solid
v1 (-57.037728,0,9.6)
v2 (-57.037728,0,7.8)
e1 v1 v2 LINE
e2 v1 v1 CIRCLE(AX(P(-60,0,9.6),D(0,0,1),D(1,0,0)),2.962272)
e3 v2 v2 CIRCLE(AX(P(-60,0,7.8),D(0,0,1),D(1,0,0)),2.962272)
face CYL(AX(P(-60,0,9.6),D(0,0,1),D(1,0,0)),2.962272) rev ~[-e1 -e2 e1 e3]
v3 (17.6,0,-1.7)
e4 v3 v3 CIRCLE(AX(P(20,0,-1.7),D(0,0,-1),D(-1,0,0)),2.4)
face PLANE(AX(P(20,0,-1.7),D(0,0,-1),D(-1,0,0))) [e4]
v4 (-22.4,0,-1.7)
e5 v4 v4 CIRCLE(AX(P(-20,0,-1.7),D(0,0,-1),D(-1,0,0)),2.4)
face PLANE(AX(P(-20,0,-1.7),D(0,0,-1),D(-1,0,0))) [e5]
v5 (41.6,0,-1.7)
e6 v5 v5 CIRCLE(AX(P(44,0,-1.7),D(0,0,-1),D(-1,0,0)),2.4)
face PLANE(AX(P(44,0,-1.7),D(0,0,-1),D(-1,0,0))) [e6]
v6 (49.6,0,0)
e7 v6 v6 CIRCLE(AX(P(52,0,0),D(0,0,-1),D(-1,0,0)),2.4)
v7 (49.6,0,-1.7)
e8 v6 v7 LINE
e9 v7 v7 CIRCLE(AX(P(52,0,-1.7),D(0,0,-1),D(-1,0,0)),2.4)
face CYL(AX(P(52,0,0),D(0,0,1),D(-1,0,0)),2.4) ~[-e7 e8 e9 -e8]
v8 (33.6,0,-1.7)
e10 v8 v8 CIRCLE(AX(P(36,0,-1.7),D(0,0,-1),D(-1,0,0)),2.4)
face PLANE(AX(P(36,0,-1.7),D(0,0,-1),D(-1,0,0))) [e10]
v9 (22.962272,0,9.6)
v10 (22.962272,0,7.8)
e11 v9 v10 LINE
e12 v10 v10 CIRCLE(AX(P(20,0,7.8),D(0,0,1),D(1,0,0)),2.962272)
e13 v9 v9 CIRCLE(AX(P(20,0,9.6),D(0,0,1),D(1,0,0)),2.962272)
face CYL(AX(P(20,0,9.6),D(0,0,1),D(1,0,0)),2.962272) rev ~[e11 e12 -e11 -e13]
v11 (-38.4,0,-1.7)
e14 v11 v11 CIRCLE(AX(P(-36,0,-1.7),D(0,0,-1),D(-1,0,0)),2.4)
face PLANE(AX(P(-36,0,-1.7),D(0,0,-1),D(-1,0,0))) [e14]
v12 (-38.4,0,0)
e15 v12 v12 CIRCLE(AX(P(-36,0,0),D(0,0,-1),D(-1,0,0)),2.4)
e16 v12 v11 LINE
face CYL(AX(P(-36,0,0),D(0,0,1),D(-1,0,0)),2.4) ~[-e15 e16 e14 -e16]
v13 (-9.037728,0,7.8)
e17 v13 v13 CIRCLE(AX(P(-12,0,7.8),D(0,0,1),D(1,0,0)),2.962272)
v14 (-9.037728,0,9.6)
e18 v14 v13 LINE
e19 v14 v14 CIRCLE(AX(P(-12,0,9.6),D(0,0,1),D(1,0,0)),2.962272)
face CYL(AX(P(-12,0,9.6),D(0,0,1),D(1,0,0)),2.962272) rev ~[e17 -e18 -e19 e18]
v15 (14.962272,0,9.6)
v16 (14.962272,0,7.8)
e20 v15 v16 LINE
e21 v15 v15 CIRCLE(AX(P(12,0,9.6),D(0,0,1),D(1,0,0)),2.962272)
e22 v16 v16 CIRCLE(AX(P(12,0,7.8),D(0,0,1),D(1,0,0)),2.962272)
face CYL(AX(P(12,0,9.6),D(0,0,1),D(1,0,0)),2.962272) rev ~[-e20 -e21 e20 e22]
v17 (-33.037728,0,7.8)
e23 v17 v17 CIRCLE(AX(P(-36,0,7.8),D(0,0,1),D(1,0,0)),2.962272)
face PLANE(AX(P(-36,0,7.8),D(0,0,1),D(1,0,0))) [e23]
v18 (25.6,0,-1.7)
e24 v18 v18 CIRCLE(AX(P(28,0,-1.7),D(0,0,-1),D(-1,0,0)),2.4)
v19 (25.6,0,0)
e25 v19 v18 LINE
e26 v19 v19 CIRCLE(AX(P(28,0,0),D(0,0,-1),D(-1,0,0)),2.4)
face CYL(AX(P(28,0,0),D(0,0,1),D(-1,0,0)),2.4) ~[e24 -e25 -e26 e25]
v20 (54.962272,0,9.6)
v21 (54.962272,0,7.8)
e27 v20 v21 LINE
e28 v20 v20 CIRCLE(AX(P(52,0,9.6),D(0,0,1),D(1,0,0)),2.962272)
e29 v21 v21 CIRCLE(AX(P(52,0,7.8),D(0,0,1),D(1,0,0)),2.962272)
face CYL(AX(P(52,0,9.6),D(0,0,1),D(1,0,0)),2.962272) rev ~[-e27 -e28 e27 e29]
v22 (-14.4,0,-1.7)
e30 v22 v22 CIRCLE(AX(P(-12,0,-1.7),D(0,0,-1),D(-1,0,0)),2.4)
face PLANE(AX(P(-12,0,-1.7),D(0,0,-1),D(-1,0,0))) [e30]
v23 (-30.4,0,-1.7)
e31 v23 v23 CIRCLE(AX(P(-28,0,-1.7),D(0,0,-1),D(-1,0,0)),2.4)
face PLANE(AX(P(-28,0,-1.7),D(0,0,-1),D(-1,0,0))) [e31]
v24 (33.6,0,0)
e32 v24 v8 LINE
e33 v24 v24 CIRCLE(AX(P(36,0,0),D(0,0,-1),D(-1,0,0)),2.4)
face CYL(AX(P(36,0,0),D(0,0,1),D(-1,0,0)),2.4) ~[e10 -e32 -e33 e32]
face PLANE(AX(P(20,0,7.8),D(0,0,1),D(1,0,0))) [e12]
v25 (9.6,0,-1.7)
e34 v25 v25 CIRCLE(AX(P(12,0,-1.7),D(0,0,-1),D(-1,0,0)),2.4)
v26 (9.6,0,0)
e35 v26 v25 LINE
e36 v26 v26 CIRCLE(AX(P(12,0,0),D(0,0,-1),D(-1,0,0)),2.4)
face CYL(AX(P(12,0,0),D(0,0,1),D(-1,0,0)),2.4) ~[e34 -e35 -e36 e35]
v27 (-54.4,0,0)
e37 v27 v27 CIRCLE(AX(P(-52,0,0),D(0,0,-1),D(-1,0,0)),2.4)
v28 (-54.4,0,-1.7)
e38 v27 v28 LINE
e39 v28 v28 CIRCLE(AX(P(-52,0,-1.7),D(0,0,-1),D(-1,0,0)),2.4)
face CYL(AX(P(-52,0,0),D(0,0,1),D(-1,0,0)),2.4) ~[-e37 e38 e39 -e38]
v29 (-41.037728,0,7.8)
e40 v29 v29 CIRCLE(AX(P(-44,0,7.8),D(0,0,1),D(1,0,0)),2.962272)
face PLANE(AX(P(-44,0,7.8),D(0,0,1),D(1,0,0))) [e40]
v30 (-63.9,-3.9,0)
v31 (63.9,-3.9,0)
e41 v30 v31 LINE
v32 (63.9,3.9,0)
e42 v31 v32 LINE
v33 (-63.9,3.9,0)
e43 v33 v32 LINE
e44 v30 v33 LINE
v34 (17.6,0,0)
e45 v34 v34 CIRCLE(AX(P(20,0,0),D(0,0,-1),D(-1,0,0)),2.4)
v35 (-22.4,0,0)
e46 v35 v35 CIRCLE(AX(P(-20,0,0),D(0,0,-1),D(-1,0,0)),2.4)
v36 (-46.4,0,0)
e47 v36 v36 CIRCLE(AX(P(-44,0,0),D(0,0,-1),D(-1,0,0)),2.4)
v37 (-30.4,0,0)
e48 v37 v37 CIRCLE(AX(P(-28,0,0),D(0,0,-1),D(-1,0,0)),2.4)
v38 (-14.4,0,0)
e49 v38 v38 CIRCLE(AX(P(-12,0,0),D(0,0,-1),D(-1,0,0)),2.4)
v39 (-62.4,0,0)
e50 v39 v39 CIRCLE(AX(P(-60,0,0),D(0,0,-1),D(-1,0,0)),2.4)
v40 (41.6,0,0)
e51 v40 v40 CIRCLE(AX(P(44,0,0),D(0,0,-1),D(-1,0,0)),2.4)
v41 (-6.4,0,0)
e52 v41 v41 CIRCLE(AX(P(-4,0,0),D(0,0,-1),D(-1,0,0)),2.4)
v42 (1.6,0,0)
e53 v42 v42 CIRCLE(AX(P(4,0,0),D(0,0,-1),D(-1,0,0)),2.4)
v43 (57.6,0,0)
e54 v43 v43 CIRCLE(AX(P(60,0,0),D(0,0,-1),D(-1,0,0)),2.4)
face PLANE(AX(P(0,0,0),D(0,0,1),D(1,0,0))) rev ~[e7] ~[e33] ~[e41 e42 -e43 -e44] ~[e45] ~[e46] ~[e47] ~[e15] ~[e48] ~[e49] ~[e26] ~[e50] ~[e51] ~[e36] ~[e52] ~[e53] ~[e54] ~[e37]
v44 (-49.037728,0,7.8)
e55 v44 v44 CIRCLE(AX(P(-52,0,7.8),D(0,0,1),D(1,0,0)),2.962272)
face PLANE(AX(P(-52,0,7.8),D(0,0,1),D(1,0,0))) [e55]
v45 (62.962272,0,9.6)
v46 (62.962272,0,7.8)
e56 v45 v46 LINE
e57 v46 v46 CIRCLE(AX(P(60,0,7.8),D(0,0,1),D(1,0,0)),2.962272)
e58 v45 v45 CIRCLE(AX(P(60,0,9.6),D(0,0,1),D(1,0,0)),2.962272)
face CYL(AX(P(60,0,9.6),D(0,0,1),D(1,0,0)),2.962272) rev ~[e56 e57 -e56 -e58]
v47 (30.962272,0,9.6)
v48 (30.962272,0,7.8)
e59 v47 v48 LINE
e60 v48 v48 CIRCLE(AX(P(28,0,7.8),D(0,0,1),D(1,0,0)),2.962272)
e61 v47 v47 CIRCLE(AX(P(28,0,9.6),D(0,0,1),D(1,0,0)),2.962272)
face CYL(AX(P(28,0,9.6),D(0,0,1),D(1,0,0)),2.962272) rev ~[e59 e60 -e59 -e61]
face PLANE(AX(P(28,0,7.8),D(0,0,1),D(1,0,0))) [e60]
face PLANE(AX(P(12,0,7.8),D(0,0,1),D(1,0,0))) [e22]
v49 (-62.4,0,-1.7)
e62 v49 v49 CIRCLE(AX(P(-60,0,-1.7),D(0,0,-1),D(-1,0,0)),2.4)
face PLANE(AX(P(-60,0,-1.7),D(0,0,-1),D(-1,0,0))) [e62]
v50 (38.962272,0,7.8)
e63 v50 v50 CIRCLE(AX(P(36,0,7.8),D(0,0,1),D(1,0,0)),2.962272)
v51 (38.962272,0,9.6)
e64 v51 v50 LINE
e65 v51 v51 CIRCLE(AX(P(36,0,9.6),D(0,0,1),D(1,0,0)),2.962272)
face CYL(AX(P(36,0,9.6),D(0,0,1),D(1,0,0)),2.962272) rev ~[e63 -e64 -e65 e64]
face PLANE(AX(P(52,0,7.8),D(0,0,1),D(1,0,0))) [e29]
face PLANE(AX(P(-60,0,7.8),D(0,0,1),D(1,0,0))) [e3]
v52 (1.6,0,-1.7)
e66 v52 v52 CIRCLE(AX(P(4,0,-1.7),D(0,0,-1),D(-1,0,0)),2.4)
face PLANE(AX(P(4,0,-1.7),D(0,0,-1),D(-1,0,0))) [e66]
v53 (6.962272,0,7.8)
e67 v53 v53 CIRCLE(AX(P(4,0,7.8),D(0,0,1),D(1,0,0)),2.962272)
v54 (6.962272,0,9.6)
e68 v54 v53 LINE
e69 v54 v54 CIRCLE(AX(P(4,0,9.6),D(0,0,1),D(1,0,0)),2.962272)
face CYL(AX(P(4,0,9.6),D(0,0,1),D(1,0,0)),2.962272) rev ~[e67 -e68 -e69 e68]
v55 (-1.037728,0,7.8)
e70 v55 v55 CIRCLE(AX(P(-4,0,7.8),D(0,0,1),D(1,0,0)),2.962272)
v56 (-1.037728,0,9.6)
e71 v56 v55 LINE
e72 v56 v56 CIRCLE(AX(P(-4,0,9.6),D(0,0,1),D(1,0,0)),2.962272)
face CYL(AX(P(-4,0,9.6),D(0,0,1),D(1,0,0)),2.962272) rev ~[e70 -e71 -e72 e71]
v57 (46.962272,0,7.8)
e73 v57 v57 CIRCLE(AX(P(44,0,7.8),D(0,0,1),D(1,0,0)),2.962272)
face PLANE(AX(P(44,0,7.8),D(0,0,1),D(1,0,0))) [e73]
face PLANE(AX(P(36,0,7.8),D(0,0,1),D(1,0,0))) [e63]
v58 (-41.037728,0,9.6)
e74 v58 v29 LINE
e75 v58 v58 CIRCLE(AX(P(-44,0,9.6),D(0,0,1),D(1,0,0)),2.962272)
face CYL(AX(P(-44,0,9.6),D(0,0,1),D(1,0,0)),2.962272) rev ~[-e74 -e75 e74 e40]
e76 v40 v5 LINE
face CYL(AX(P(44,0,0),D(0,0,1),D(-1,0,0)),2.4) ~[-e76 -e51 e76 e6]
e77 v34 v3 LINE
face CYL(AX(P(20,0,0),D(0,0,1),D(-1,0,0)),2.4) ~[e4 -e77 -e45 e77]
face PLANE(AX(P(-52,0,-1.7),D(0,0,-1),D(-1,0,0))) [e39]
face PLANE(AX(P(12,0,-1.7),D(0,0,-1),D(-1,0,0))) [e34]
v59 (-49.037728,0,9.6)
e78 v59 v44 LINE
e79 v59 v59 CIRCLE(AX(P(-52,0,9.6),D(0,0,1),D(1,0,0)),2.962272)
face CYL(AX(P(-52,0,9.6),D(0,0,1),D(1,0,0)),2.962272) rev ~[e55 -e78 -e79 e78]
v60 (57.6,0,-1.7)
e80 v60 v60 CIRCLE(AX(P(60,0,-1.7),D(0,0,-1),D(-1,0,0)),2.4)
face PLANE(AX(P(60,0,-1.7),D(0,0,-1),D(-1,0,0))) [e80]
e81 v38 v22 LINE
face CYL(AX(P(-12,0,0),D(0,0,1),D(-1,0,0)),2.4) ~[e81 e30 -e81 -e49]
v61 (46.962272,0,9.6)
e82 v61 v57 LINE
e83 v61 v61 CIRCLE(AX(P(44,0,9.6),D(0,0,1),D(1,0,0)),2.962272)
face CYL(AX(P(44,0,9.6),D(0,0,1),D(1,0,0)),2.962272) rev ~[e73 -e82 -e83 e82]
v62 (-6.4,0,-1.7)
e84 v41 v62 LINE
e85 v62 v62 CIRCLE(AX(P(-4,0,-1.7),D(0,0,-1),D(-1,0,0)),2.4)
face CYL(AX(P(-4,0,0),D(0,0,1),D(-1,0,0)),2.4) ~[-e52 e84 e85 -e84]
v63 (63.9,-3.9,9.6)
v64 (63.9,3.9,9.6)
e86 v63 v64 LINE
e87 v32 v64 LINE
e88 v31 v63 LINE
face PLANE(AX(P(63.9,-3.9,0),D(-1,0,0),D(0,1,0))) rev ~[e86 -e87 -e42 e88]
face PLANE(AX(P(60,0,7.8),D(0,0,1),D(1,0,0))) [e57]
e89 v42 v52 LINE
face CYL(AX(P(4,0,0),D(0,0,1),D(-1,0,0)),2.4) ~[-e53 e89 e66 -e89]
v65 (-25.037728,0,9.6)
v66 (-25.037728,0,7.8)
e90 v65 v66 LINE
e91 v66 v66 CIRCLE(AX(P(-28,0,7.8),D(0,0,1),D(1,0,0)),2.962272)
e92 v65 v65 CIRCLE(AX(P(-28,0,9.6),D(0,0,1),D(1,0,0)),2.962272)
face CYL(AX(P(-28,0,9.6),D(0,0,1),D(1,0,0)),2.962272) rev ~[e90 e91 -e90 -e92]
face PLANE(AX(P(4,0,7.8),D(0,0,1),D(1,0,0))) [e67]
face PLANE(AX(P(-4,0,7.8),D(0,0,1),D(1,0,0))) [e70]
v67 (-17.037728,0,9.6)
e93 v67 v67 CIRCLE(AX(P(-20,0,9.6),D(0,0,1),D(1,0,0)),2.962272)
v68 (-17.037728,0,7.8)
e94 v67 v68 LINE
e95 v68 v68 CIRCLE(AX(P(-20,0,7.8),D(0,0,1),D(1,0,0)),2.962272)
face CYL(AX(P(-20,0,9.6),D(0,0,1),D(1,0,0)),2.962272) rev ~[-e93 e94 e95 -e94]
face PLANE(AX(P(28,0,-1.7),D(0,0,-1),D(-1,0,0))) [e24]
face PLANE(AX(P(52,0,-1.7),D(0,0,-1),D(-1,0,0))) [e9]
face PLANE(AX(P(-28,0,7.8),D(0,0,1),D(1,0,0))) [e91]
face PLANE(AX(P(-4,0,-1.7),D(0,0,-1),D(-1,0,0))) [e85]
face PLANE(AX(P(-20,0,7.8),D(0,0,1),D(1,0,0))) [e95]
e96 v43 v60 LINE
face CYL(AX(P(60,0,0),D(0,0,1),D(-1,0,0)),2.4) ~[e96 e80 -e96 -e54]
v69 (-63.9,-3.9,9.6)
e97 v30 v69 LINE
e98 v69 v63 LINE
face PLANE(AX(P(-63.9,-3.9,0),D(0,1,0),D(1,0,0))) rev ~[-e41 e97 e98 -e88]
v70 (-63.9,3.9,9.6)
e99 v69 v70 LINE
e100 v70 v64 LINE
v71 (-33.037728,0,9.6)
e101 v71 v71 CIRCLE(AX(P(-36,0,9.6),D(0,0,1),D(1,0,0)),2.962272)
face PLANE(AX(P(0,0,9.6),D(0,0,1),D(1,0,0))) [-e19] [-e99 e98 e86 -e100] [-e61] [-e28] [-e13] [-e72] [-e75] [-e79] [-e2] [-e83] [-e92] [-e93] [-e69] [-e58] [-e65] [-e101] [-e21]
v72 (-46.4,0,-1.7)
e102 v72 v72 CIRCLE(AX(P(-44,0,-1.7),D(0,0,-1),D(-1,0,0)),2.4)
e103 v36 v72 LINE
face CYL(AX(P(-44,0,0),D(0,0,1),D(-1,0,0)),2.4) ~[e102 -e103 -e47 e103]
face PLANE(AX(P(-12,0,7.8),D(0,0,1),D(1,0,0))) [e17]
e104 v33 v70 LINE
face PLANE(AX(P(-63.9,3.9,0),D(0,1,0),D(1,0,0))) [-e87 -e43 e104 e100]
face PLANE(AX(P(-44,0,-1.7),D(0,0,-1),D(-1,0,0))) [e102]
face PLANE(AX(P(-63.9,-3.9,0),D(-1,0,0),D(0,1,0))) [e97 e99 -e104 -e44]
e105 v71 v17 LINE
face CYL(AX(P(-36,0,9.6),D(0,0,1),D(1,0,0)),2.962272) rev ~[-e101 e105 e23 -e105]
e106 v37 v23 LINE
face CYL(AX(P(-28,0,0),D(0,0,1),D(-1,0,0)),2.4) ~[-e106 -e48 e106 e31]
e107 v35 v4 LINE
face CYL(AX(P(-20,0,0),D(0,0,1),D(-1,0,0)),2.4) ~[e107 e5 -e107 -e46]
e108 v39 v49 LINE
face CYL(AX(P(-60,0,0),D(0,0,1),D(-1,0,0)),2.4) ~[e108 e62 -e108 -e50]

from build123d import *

# Parameters (mm, degrees)
SKETCH_1_W          = 127.8
SKETCH_1_H          = 7.8
EXTRUDE_1_DEPTH     = 9.6
SKETCH_2_R          = 2.4
EXTRUDE_2_DEPTH     = 1.7
SKETCH_3_R          = 2.962272449
CUT_EXTRUDE_1_DEPTH = 1.8


with BuildPart() as part:
    # Эскиз1 → Бобышка-Вытянуть1 (new body)
    with BuildSketch(Plane.XY):
        Rectangle(SKETCH_1_W, SKETCH_1_H)
    extrude(amount=EXTRUDE_1_DEPTH)

    # Эскиз2 → Бобышка-Вытянуть2 (add)
    with BuildSketch(Plane(origin=(0, 0, 0), x_dir=(-1, 0, 0), z_dir=(0, 0, -1))):
        with Locations((-60, 0)):
            Circle(SKETCH_2_R)
        with Locations((-52, 0)):
            Circle(SKETCH_2_R)
        with Locations((-44, 0)):
            Circle(SKETCH_2_R)
        with Locations((-36, 0)):
            Circle(SKETCH_2_R)
        with Locations((-28, 0)):
            Circle(SKETCH_2_R)
        with Locations((-20, 0)):
            Circle(SKETCH_2_R)
        with Locations((-12, 0)):
            Circle(SKETCH_2_R)
        with Locations((-4, 0)):
            Circle(SKETCH_2_R)
        with Locations((4, 0)):
            Circle(SKETCH_2_R)
        with Locations((12, 0)):
            Circle(SKETCH_2_R)
        with Locations((20, 0)):
            Circle(SKETCH_2_R)
        with Locations((28, 0)):
            Circle(SKETCH_2_R)
        with Locations((36, 0)):
            Circle(SKETCH_2_R)
        with Locations((44, 0)):
            Circle(SKETCH_2_R)
        with Locations((52, 0)):
            Circle(SKETCH_2_R)
        with Locations((60, 0)):
            Circle(SKETCH_2_R)
    extrude(amount=EXTRUDE_2_DEPTH)

    # Эскиз3 → Вырез-Вытянуть1 (cut)
    with BuildSketch(Plane.XY.offset(9.6)):
        with Locations((60, 0)):
            Circle(SKETCH_3_R)
        with Locations((52, 0)):
            Circle(SKETCH_3_R)
        with Locations((44, 0)):
            Circle(SKETCH_3_R)
        with Locations((36, 0)):
            Circle(SKETCH_3_R)
        with Locations((28, 0)):
            Circle(SKETCH_3_R)
        with Locations((20, 0)):
            Circle(SKETCH_3_R)
        with Locations((12, 0)):
            Circle(SKETCH_3_R)
        with Locations((4, 0)):
            Circle(SKETCH_3_R)
        with Locations((-4, 0)):
            Circle(SKETCH_3_R)
        with Locations((-12, 0)):
            Circle(SKETCH_3_R)
        with Locations((-20, 0)):
            Circle(SKETCH_3_R)
        with Locations((-28, 0)):
            Circle(SKETCH_3_R)
        with Locations((-36, 0)):
            Circle(SKETCH_3_R)
        with Locations((-44, 0)):
            Circle(SKETCH_3_R)
        with Locations((-52, 0)):
            Circle(SKETCH_3_R)
        with Locations((-60, 0)):
            Circle(SKETCH_3_R)
    extrude(amount=-CUT_EXTRUDE_1_DEPTH, mode=Mode.SUBTRACT)


solid = part.part
